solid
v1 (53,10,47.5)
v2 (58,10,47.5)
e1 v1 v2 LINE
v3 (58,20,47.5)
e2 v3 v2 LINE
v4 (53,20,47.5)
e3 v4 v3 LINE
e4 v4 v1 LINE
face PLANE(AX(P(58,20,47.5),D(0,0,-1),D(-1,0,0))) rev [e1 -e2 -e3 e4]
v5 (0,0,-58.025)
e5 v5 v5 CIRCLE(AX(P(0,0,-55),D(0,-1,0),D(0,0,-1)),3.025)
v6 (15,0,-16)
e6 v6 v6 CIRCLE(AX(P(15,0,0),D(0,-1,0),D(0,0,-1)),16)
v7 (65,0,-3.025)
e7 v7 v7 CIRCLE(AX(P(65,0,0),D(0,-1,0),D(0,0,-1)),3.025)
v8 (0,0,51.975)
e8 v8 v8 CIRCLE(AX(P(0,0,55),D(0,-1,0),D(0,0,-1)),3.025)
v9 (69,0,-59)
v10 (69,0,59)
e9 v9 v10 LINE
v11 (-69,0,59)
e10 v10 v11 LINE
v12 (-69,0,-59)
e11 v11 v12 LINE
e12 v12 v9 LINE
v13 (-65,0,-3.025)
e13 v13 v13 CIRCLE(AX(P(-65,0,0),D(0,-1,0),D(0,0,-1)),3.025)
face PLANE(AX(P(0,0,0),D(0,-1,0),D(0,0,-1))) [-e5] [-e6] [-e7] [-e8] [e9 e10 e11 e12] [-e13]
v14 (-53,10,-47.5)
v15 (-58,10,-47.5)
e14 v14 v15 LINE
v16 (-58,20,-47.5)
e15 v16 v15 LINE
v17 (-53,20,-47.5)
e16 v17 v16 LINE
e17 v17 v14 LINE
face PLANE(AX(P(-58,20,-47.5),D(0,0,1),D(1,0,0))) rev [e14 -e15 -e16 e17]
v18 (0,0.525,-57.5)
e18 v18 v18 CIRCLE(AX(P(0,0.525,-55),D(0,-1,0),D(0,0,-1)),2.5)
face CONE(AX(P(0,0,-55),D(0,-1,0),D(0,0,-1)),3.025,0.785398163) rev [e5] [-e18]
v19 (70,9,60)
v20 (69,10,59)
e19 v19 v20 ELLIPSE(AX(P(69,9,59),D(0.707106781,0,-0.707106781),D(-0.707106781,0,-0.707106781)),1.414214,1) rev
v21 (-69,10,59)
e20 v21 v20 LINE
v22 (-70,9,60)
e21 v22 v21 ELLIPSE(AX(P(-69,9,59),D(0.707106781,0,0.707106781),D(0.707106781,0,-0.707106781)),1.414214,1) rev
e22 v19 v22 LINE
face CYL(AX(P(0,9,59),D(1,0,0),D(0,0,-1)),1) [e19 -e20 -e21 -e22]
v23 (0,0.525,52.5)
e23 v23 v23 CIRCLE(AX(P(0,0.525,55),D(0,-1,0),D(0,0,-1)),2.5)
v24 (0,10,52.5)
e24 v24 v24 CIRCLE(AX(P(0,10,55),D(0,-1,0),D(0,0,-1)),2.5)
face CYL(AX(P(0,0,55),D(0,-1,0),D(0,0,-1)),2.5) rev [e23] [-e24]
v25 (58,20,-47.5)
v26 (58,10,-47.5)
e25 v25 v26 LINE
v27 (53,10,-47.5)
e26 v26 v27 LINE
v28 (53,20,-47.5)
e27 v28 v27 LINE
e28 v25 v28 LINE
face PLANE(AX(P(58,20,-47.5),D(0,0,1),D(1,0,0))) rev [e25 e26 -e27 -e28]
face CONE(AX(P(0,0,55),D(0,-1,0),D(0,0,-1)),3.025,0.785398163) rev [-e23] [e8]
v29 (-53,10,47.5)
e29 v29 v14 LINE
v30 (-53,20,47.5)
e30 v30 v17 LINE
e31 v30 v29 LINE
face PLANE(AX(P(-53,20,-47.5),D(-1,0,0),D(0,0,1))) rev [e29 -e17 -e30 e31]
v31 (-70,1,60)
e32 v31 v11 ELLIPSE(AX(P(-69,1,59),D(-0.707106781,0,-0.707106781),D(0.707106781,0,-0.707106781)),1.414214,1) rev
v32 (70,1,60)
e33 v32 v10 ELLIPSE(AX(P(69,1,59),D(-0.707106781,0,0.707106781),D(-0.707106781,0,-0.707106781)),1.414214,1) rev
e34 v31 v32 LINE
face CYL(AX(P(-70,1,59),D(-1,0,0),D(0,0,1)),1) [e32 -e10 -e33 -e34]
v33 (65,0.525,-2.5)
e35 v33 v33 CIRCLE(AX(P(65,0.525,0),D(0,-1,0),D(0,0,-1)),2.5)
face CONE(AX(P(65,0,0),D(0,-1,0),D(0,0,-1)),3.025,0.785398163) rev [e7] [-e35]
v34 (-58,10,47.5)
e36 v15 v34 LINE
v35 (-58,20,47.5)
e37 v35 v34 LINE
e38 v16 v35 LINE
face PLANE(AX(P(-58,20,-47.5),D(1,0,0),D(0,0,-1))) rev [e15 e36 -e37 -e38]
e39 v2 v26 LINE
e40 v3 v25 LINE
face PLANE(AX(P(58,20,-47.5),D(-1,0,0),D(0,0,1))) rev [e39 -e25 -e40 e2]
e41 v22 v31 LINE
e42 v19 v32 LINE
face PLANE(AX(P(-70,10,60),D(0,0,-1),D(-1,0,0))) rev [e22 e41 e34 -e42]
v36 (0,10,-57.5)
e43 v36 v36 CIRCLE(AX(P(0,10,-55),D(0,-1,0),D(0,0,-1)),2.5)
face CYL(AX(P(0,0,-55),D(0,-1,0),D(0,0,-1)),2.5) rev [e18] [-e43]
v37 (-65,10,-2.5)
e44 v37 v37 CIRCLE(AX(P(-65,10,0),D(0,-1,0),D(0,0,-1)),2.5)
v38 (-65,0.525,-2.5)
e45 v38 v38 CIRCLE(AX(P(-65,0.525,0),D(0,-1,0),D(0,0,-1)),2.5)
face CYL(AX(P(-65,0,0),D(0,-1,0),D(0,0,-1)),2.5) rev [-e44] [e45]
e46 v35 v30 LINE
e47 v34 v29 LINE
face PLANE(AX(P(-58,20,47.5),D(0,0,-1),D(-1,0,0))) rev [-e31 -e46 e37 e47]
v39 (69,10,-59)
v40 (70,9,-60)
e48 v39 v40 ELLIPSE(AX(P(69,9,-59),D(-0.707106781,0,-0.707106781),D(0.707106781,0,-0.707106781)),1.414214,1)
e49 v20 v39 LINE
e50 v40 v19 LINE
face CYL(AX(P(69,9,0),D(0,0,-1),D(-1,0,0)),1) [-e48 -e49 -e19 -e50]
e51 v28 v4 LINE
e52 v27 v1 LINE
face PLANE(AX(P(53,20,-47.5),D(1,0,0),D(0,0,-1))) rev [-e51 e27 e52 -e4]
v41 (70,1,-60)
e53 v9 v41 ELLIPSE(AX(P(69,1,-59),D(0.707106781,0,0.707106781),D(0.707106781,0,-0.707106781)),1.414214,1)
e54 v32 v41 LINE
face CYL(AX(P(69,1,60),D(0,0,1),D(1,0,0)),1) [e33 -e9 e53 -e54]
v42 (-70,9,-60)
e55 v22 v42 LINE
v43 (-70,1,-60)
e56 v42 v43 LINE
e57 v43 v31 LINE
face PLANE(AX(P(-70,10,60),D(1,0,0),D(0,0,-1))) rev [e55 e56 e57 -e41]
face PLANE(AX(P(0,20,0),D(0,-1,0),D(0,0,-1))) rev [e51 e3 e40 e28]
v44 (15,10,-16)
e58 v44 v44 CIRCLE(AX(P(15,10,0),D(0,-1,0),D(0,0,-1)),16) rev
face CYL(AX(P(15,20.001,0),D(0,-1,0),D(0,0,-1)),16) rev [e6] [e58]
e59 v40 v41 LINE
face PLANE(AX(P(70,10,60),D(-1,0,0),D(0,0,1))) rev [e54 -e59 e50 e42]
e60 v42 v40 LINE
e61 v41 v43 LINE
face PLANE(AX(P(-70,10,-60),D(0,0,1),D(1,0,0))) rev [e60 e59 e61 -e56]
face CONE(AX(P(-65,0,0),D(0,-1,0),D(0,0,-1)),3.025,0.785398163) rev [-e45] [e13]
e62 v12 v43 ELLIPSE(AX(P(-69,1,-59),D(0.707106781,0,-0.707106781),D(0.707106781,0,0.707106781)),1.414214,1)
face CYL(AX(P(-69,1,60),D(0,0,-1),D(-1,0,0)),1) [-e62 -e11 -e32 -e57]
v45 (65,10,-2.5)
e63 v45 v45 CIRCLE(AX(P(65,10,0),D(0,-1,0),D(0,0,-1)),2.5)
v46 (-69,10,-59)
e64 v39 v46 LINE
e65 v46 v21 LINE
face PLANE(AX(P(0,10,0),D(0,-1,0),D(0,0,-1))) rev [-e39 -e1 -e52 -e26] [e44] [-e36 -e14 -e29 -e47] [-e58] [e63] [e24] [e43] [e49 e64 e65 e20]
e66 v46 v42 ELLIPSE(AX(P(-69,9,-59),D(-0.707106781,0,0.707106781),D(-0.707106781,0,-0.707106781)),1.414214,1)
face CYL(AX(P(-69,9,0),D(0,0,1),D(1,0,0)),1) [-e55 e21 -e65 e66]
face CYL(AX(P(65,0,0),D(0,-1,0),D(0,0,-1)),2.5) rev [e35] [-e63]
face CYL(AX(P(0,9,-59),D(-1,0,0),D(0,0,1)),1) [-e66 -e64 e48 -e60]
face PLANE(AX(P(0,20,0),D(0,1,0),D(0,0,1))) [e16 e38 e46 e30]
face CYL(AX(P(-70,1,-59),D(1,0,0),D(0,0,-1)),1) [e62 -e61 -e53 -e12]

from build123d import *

# Parameters (mm, degrees)
SKETCH1_W                   = 140
SKETCH1_H                   = 120
LID_EXTRUDE_DEPTH           = 10
SKETCH3_W                   = 5
SKETCH3_H                   = 95
LOCATION_BAR_EXTRUDE_DEPTH  = 10
M6_TAPPED_HOLE1_D           = 5
M6_TAPPED_HOLE1_CSINK_D     = 6.05
M6_TAPPED_HOLE1_CSINK_ANGLE = 90
MOTOR_HOLE_CUT_REACH        = 96.34
SKETCH6_R                   = 16
FILLET2_R                   = 1


with BuildPart() as part:
    # Sketch1 → LID_EXTRUDE (new body)
    with BuildSketch(Plane(origin=(0, 0, 0), x_dir=(1, 0, 0), z_dir=(0, 1, 0))):
        Rectangle(SKETCH1_W, SKETCH1_H)
    extrude(amount=LID_EXTRUDE_DEPTH)

    # Sketch3 → LOCATION_BAR_EXTRUDE (add)
    with BuildSketch(Plane(origin=(0, 10, 0), x_dir=(1, 0, 0), z_dir=(0, 1, 0))):
        with Locations((-55.5, 0)):
            Rectangle(SKETCH3_W, SKETCH3_H)
        with Locations((55.5, 0)):
            Rectangle(SKETCH3_W, SKETCH3_H)
    extrude(amount=LOCATION_BAR_EXTRUDE_DEPTH)

    # M6 Tapped Hole1 (through all)
    with Locations(Plane(origin=(0, 0, 55), x_dir=(0, 0, -1), z_dir=(0, -1, 0))):
        with Locations((0, 0), (55, -65)):
            m6_tapped_hole1 = CounterSinkHole(M6_TAPPED_HOLE1_D / 2, M6_TAPPED_HOLE1_CSINK_D / 2, counter_sink_angle=M6_TAPPED_HOLE1_CSINK_ANGLE)

    # Mirror1: M6 Tapped Hole1 across plane
    add(m6_tapped_hole1.mirror(Plane(origin=(0, 0, 0), x_dir=(0, 0, 1), z_dir=(1, 0, 0))), mode=Mode.SUBTRACT)

    # Mirror1 at the second plane: M6 Tapped Hole1 across plane
    add(m6_tapped_hole1.mirror(Plane.XY), mode=Mode.SUBTRACT)

    # Sketch6 → MOTOR_HOLE_CUT (cut, up to next)
    with BuildSketch(Plane.XZ, mode=Mode.PRIVATE) as motor_hole_cut_sk1:
        with Locations(Location((15, 0, 0), (0, 0, 270))):
            Circle(SKETCH6_R)
    motor_hole_cut_tool1 = extrude(motor_hole_cut_sk1.sketch, amount=-MOTOR_HOLE_CUT_REACH, mode=Mode.PRIVATE) & part.part
    add(motor_hole_cut_tool1.solids().sort_by_distance((15, 0, 0))[0], mode=Mode.SUBTRACT)

    # Fillet2
    fillet2_edges = [part.edges().sort_by_distance(p)[0] for p in [
        (70, 10, 0),
        (0, 10, -60),
        (-70, 10, 0),
        (0, 0, -60),
        (70, 0, 0),
        (0, 0, 60),
        (-70, 0, 0),
        (0, 10, 60),
    ]]
    fillet(fillet2_edges, radius=FILLET2_R)


solid = part.part
